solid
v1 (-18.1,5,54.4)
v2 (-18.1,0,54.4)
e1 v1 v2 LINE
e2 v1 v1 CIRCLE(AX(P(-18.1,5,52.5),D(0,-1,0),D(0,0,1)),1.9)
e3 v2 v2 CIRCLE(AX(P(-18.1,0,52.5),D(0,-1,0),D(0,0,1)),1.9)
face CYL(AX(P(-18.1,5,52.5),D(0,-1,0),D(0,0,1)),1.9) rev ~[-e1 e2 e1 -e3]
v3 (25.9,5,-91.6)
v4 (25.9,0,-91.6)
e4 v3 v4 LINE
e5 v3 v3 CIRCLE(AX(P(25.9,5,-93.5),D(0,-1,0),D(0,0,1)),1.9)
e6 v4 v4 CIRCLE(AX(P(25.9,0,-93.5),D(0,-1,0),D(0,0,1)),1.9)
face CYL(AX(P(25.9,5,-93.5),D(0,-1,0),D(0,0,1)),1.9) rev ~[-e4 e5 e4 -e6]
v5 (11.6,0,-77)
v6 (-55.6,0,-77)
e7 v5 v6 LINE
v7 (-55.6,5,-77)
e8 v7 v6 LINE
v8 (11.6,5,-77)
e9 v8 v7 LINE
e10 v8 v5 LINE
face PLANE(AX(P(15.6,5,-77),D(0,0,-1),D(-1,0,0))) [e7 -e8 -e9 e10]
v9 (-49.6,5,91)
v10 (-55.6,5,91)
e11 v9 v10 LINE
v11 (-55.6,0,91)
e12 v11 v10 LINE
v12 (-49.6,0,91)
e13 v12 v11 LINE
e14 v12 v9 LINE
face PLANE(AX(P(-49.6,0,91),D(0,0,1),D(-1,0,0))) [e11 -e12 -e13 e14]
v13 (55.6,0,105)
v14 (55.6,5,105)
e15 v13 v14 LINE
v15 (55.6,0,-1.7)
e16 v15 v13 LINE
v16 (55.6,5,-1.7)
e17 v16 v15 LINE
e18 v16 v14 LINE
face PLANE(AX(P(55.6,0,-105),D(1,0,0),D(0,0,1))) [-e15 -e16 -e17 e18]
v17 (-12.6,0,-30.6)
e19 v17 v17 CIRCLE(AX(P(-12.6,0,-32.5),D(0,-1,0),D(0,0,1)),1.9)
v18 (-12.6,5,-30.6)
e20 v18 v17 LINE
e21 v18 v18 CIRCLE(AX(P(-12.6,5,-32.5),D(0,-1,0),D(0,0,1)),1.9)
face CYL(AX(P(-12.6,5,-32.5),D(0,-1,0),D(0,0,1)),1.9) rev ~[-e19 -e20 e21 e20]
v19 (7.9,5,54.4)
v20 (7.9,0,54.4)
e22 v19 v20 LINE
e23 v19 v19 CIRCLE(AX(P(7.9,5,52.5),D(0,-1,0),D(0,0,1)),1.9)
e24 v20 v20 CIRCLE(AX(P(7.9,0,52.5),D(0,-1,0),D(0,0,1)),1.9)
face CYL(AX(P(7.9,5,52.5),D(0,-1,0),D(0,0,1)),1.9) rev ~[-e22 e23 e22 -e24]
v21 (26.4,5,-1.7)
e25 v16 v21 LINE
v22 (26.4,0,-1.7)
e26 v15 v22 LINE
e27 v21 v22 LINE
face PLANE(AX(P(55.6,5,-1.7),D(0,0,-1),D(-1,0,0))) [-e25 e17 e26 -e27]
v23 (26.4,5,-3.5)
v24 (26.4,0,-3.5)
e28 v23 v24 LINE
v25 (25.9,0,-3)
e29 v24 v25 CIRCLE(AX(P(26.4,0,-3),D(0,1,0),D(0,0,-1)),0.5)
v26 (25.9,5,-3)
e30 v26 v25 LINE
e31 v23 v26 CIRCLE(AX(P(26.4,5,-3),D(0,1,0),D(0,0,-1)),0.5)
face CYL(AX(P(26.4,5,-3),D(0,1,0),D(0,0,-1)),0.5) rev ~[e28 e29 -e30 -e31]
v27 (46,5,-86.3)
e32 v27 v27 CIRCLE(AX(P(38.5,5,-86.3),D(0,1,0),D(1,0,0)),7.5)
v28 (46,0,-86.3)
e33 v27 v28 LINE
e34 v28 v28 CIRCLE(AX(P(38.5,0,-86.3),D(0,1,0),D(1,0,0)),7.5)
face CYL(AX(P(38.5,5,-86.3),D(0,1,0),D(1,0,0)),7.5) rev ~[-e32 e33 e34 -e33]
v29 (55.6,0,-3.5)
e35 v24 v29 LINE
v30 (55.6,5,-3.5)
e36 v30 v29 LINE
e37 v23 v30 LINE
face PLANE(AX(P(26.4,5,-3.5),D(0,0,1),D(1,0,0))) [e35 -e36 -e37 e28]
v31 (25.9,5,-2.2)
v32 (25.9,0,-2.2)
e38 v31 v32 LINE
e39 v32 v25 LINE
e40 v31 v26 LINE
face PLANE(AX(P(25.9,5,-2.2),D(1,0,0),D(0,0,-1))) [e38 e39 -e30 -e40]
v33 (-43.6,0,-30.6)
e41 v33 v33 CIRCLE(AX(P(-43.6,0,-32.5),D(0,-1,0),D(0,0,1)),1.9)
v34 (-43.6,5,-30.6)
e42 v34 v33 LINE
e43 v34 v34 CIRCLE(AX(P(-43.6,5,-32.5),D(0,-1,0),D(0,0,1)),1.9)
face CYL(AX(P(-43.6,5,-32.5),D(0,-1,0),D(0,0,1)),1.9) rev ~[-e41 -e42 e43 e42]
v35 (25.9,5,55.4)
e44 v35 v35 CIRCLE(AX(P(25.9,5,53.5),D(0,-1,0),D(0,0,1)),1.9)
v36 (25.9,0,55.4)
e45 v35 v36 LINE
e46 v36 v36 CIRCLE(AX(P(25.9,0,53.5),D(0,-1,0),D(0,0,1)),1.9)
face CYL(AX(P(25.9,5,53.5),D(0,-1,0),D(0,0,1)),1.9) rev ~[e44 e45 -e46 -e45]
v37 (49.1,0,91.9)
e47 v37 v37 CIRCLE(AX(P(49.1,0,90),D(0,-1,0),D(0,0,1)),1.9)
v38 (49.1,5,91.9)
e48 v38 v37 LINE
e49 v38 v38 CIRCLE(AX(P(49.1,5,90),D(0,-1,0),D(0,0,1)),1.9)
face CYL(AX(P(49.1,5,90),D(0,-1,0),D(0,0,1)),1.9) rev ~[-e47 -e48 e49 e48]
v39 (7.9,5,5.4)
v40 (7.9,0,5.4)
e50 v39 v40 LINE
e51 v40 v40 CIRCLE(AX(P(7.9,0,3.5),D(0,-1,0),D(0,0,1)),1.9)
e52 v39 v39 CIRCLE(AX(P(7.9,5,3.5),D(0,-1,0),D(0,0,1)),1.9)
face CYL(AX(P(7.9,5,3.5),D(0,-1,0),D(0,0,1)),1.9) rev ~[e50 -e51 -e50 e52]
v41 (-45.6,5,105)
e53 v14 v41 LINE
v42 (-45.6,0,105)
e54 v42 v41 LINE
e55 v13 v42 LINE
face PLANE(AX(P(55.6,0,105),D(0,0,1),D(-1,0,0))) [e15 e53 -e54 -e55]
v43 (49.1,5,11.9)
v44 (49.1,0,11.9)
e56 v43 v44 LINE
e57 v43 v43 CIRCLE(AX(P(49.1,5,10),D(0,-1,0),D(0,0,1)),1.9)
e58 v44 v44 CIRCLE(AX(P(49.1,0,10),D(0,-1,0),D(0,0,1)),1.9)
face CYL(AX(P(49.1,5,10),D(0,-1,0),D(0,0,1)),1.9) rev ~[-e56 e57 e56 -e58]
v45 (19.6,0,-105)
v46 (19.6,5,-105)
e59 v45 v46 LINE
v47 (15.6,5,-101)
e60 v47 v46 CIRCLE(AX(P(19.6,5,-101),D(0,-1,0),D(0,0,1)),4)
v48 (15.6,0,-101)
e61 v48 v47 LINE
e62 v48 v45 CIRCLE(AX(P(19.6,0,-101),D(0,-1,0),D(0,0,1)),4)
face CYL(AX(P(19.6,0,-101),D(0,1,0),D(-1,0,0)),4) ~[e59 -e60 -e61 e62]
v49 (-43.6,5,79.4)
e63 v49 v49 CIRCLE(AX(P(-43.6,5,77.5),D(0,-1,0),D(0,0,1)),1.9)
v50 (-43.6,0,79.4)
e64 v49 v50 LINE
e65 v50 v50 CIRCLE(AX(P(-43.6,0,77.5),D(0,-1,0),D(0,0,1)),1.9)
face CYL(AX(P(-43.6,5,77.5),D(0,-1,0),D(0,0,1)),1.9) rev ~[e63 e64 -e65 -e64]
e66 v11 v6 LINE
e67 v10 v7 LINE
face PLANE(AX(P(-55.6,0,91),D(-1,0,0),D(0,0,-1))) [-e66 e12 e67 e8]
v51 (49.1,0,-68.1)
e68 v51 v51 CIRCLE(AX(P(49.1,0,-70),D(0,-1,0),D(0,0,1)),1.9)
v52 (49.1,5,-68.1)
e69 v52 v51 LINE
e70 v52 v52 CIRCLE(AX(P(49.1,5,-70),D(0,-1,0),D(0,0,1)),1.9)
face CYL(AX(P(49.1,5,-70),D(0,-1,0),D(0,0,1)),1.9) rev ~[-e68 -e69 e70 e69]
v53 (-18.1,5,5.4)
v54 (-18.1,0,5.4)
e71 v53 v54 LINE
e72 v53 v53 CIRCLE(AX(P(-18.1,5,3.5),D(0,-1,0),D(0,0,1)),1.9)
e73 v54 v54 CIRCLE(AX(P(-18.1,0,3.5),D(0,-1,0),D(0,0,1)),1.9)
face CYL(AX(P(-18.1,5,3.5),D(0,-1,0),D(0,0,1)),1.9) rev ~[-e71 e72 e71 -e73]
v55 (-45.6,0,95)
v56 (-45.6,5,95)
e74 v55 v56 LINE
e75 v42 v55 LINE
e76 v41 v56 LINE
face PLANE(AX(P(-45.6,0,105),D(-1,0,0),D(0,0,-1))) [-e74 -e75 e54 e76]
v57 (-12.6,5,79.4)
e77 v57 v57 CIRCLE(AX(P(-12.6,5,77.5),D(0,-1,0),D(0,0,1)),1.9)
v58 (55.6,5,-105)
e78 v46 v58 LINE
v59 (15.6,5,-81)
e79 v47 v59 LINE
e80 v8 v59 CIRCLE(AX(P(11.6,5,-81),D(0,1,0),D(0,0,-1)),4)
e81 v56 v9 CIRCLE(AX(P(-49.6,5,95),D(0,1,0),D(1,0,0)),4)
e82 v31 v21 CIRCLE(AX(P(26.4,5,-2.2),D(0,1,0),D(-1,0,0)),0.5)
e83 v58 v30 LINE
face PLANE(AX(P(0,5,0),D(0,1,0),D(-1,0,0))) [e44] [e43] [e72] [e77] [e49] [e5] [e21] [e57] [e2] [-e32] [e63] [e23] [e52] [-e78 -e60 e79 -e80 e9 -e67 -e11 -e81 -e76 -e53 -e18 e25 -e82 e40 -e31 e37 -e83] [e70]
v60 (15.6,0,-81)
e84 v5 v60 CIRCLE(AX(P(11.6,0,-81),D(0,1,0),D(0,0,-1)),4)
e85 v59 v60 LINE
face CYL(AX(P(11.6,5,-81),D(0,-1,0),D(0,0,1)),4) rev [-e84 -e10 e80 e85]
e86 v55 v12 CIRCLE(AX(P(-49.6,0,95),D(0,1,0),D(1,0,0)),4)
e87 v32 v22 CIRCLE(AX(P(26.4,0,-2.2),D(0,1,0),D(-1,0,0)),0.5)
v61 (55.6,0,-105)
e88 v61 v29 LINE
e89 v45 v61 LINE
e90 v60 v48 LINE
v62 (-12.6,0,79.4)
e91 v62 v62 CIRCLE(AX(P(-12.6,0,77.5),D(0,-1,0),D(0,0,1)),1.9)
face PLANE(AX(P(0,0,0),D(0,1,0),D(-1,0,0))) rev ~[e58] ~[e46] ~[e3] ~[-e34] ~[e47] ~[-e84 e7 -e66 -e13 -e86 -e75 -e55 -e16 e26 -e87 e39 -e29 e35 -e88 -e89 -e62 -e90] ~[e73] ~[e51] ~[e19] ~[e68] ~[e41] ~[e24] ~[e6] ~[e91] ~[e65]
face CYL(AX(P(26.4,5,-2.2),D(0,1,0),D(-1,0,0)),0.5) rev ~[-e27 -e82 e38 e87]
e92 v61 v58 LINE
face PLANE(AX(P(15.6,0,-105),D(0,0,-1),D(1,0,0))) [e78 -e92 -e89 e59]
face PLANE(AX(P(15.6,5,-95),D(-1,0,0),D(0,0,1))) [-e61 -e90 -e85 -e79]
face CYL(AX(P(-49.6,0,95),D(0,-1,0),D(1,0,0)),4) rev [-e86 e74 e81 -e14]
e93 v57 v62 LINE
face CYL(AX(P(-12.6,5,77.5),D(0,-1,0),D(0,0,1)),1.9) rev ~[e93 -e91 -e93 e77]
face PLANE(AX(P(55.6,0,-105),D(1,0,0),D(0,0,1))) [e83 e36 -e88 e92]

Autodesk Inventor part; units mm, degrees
ref_plane "YZ Plane" through (0, 0, 0) normal (1, 0, 0) x (0, 1, 0)
ref_plane "XZ Plane" through (0, 0, 0) normal (0, 1, 0) x (-1, 0, 0)
ref_plane "XY Plane" through (0, 0, 0) normal (0, 0, 1) x (1, 0, 0)
sketch "Sketch1" plane through (0, 0, 0) normal (0, 1, 0) x (-1, 0, 0)
  line L0 (-55.6, 105) -> (55.6, 105)
  line L1 (55.6, 105) -> (55.6, -105)
  line L2 (55.6, -105) -> (-55.6, -105)
  line L3 (-55.6, -105) -> (-55.6, 105)
  line L4 (-55.6, 105) -> (55.6, -105) construction
  line L5 (55.6, 105) -> (-55.6, -105) construction
  line L6 (55.6, -105) -> (-15.6, -105)
  line L7 (-15.6, -105) -> (-15.6, -95)
  line L8 (-15.6, -95) -> (55.6, -95)
  line L9 (55.6, -95) -> (55.6, -105)
  line L10 (55.6, 105) -> (45.6, 105)
  line L11 (45.6, 105) -> (45.6, 95)
  line L12 (49.6, 91) -> (55.6, 91)
  line L13 (55.6, 91) -> (55.6, 105)
  arc A0 (45.6, 95) -> (49.6, 91) centre (49.6, 95) ccw
  point P0 (0, 0)
  point P1 (-15.6, -105)
  point P2 (55.6, -95)
  point P3 (55.6, 91)
  dimension "d0" = 111.2
  dimension "d1" = 210
  dimension "d84" = 10
  dimension "d85" = 40
  dimension "d86" = 14
  dimension "d87" = 10
  dimension "d88" = 4
extrude "Extrusion1" add sketch "Sketch1" along normal blind 5 contours L0 L11 A0 L12 L1 L8 L7 L2 L3
sketch "Sketch2" plane through (0, 5, 0) normal (0, 1, 0) x (1, 0, 0)
  line L0 (36, 32.5) -> (-43.6, 32.5) construction
  line L1 (-43.6, -77.5) -> (36, -77.5) construction
  line L2 (-55.6, 95) -> (-55.6, -91) construction
  line L3 (-45.6, -105) -> (55.6, -105) projected
  point P0 (0, 0)
  point P1 (-12.6, -77.5)
  point P2 (-12.6, 32.5)
  dimension "d6" = 31
  dimension "d7" = 31
  dimension "d17" = 12
  dimension "d18" = 12
  dimension "d89" = 110
  dimension "d90" = 27.5
hole "Hole1" at (-43.6, 5, 77.5) at (-43.6, 5, -32.5) at (-12.6, 5, 77.5) at (-12.6, 5, -32.5) direction (0, -1, 0) diameter 3.8 end through all
sketch "Sketch6" plane through (0, 5, 0) normal (0, 1, 0) x (1, 0, 0)
  line L0 (25.9, 93.5) -> (-42.1, 93.5)
  line L1 (-42.1, 93.5) -> (-42.1, -53.5)
  line L2 (-42.1, -53.5) -> (25.9, -53.5)
  line L3 (25.9, -53.5) -> (25.9, 93.5)
  line L4 (25.9, 93.5) -> (-42.1, -53.5) construction
  line L5 (-42.1, 93.5) -> (25.9, -53.5) construction
  line L6 (55.6, -105) -> (55.6, 105) projected
  line L7 (-45.6, -105) -> (55.6, -105) projected
  line L8 (55.6, 105) -> (15.6, 105) projected
  point P0 (0, 0)
  point P1 (-8.1, 20)
  dimension "d29" = 68
  dimension "d30" = 147
  dimension "d32" = 29.7
  dimension "d91" = 51.5
  dimension "d92" = 11.5
hole "Hole2" at (25.9, 5, -93.5) at (25.9, 5, 53.5) direction (0, -1, 0) diameter 3.8 end through all
sketch "Sketch14" plane through (0, 5, 0) normal (0, 1, 0) x (1, 0, 0)
  line L0 (49.1, 119.5954) -> (49.1, -116.5639) construction
  line L1 (55.6, -105) -> (55.6, 105) construction
  line L2 (-45.6, -105) -> (55.6, -105) construction
  point P0 (0, 0)
  point P1 (49.1, 70)
  point P2 (49.1, -10)
  point P3 (49.1, -90)
  dimension "d93" = 6.5
  dimension "d94" = 15
  dimension "d95" = 80
  dimension "d96" = 80
hole "Hole5" at (49.1, 5, -70) at (49.1, 5, 10) at (49.1, 5, 90) direction (0, -1, 0) diameter 3.8 end through all
sketch "Sketch13" plane through (0, 5, 0) normal (0, 1, 0) x (1, 0, 0)
  line L0 (25.9, 3) -> (25.9, -107.0389) construction
  circle A0 centre (25.9, 93.5) radius 1.9 construction
  circle A1 centre (25.9, -53.5) radius 1.9 construction
  circle A2 centre (-12.6, -77.5) radius 1.9 construction
  circle A3 centre (-43.6, -77.5) radius 1.9 construction
  circle A4 centre (-43.6, 32.5) radius 1.9 construction
  circle A5 centre (-12.6, 32.5) radius 1.9 construction
  line L1 (-55.6, 95) -> (-55.6, -91) construction
  line L2 (55.6, 1.7) -> (26.4, 1.7)
  line L3 (25.9, 2.2) -> (25.9, 3.5)
  line L4 (26.4, 3.5) -> (55.6, 3.5)
  line L5 (55.6, 3.5) -> (55.6, 1.7)
  arc A6 (26.4, 3.5) -> (25.9, 3) centre (26.4, 3) ccw
  arc A7 (25.9, 2.2) -> (26.4, 1.7) centre (26.4, 2.2) ccw
  line L6 (55.6, 105) -> (15.6, 105) projected
  line L7 (15.6, 105) -> (15.6, 95) projected
  line L8 (15.6, 95) -> (-55.6, 95) projected
  line L9 (-55.6, -91) -> (-49.6, -91) projected
  arc A8 (-45.6, -95) -> (-49.6, -91) centre (-49.6, -95) ccw projected
  line L10 (-45.6, -95) -> (-45.6, -105) projected
  line L11 (-45.6, -105) -> (55.6, -105) projected
  line L12 (55.6, -105) -> (55.6, 105) projected
  point P0 (0, 0)
  point P1 (25.9, 3)
  dimension "d75" = 1.8
  dimension "d76" = 0.5
  dimension "d77" = 90
  dimension "d78" = 57
extrude "Extrusion9" cut sketch "Sketch13" against normal through all
sketch "Sketch15" plane through (0, 5, 0) normal (0, 1, 0) x (1, 0, 0)
  line L0 (-18.1, -3.5) -> (7.9, -3.5) construction
  line L1 (7.9, -3.5) -> (7.9, -52.5) construction
  line L2 (7.9, -52.5) -> (-18.1, -52.5) construction
  line L3 (-18.1, -52.5) -> (-18.1, -3.5) construction
  circle A0 centre (-12.6, -77.5) radius 1.9 construction
  circle A1 centre (25.9, -53.5) radius 1.9 construction
  point P0 (0, 0)
  dimension "d104" = 26
  dimension "d105" = 49
  dimension "d106" = 25
  dimension "d107" = 18
hole "Hole6" at (-18.1, 5, 3.5) at (7.9, 5, 3.5) at (7.9, 5, 52.5) at (-18.1, 5, 52.5) direction (0, -1, 0) diameter 3.8 end through all
sketch "Sketch16" plane through (0, 5, 0) normal (0, 1, 0) x (1, 0, 0)
  line L0 (-55.6, 95) -> (-55.6, -91) projected
  line L1 (-55.6, 95) -> (15.6, 95)
  line L2 (15.6, 95) -> (15.6, 77)
  line L3 (15.6, 77) -> (-55.6, 77)
  line L4 (-55.6, 77) -> (-55.6, 95)
  line L5 (15.6, 105) -> (15.6, 95) projected
  circle A0 centre (38.5, 86.3) radius 7.5
  line L6 (55.6, 105) -> (15.6, 105) projected
  line L7 (55.6, 3.5) -> (55.6, 105) projected
  point P0 (0, 0)
  dimension "d115" = 18
  dimension "d116" = 15
  dimension "d117" = 18.7
  dimension "d118" = 17.1
extrude "Extrusion10" cut sketch "Sketch16" against normal through all
fillet "Fillet1" radius 4 2 edges at (15.6, 2.5, -77) (15.6, 2.5, -105)
properties part number "Inner Top Plate"
